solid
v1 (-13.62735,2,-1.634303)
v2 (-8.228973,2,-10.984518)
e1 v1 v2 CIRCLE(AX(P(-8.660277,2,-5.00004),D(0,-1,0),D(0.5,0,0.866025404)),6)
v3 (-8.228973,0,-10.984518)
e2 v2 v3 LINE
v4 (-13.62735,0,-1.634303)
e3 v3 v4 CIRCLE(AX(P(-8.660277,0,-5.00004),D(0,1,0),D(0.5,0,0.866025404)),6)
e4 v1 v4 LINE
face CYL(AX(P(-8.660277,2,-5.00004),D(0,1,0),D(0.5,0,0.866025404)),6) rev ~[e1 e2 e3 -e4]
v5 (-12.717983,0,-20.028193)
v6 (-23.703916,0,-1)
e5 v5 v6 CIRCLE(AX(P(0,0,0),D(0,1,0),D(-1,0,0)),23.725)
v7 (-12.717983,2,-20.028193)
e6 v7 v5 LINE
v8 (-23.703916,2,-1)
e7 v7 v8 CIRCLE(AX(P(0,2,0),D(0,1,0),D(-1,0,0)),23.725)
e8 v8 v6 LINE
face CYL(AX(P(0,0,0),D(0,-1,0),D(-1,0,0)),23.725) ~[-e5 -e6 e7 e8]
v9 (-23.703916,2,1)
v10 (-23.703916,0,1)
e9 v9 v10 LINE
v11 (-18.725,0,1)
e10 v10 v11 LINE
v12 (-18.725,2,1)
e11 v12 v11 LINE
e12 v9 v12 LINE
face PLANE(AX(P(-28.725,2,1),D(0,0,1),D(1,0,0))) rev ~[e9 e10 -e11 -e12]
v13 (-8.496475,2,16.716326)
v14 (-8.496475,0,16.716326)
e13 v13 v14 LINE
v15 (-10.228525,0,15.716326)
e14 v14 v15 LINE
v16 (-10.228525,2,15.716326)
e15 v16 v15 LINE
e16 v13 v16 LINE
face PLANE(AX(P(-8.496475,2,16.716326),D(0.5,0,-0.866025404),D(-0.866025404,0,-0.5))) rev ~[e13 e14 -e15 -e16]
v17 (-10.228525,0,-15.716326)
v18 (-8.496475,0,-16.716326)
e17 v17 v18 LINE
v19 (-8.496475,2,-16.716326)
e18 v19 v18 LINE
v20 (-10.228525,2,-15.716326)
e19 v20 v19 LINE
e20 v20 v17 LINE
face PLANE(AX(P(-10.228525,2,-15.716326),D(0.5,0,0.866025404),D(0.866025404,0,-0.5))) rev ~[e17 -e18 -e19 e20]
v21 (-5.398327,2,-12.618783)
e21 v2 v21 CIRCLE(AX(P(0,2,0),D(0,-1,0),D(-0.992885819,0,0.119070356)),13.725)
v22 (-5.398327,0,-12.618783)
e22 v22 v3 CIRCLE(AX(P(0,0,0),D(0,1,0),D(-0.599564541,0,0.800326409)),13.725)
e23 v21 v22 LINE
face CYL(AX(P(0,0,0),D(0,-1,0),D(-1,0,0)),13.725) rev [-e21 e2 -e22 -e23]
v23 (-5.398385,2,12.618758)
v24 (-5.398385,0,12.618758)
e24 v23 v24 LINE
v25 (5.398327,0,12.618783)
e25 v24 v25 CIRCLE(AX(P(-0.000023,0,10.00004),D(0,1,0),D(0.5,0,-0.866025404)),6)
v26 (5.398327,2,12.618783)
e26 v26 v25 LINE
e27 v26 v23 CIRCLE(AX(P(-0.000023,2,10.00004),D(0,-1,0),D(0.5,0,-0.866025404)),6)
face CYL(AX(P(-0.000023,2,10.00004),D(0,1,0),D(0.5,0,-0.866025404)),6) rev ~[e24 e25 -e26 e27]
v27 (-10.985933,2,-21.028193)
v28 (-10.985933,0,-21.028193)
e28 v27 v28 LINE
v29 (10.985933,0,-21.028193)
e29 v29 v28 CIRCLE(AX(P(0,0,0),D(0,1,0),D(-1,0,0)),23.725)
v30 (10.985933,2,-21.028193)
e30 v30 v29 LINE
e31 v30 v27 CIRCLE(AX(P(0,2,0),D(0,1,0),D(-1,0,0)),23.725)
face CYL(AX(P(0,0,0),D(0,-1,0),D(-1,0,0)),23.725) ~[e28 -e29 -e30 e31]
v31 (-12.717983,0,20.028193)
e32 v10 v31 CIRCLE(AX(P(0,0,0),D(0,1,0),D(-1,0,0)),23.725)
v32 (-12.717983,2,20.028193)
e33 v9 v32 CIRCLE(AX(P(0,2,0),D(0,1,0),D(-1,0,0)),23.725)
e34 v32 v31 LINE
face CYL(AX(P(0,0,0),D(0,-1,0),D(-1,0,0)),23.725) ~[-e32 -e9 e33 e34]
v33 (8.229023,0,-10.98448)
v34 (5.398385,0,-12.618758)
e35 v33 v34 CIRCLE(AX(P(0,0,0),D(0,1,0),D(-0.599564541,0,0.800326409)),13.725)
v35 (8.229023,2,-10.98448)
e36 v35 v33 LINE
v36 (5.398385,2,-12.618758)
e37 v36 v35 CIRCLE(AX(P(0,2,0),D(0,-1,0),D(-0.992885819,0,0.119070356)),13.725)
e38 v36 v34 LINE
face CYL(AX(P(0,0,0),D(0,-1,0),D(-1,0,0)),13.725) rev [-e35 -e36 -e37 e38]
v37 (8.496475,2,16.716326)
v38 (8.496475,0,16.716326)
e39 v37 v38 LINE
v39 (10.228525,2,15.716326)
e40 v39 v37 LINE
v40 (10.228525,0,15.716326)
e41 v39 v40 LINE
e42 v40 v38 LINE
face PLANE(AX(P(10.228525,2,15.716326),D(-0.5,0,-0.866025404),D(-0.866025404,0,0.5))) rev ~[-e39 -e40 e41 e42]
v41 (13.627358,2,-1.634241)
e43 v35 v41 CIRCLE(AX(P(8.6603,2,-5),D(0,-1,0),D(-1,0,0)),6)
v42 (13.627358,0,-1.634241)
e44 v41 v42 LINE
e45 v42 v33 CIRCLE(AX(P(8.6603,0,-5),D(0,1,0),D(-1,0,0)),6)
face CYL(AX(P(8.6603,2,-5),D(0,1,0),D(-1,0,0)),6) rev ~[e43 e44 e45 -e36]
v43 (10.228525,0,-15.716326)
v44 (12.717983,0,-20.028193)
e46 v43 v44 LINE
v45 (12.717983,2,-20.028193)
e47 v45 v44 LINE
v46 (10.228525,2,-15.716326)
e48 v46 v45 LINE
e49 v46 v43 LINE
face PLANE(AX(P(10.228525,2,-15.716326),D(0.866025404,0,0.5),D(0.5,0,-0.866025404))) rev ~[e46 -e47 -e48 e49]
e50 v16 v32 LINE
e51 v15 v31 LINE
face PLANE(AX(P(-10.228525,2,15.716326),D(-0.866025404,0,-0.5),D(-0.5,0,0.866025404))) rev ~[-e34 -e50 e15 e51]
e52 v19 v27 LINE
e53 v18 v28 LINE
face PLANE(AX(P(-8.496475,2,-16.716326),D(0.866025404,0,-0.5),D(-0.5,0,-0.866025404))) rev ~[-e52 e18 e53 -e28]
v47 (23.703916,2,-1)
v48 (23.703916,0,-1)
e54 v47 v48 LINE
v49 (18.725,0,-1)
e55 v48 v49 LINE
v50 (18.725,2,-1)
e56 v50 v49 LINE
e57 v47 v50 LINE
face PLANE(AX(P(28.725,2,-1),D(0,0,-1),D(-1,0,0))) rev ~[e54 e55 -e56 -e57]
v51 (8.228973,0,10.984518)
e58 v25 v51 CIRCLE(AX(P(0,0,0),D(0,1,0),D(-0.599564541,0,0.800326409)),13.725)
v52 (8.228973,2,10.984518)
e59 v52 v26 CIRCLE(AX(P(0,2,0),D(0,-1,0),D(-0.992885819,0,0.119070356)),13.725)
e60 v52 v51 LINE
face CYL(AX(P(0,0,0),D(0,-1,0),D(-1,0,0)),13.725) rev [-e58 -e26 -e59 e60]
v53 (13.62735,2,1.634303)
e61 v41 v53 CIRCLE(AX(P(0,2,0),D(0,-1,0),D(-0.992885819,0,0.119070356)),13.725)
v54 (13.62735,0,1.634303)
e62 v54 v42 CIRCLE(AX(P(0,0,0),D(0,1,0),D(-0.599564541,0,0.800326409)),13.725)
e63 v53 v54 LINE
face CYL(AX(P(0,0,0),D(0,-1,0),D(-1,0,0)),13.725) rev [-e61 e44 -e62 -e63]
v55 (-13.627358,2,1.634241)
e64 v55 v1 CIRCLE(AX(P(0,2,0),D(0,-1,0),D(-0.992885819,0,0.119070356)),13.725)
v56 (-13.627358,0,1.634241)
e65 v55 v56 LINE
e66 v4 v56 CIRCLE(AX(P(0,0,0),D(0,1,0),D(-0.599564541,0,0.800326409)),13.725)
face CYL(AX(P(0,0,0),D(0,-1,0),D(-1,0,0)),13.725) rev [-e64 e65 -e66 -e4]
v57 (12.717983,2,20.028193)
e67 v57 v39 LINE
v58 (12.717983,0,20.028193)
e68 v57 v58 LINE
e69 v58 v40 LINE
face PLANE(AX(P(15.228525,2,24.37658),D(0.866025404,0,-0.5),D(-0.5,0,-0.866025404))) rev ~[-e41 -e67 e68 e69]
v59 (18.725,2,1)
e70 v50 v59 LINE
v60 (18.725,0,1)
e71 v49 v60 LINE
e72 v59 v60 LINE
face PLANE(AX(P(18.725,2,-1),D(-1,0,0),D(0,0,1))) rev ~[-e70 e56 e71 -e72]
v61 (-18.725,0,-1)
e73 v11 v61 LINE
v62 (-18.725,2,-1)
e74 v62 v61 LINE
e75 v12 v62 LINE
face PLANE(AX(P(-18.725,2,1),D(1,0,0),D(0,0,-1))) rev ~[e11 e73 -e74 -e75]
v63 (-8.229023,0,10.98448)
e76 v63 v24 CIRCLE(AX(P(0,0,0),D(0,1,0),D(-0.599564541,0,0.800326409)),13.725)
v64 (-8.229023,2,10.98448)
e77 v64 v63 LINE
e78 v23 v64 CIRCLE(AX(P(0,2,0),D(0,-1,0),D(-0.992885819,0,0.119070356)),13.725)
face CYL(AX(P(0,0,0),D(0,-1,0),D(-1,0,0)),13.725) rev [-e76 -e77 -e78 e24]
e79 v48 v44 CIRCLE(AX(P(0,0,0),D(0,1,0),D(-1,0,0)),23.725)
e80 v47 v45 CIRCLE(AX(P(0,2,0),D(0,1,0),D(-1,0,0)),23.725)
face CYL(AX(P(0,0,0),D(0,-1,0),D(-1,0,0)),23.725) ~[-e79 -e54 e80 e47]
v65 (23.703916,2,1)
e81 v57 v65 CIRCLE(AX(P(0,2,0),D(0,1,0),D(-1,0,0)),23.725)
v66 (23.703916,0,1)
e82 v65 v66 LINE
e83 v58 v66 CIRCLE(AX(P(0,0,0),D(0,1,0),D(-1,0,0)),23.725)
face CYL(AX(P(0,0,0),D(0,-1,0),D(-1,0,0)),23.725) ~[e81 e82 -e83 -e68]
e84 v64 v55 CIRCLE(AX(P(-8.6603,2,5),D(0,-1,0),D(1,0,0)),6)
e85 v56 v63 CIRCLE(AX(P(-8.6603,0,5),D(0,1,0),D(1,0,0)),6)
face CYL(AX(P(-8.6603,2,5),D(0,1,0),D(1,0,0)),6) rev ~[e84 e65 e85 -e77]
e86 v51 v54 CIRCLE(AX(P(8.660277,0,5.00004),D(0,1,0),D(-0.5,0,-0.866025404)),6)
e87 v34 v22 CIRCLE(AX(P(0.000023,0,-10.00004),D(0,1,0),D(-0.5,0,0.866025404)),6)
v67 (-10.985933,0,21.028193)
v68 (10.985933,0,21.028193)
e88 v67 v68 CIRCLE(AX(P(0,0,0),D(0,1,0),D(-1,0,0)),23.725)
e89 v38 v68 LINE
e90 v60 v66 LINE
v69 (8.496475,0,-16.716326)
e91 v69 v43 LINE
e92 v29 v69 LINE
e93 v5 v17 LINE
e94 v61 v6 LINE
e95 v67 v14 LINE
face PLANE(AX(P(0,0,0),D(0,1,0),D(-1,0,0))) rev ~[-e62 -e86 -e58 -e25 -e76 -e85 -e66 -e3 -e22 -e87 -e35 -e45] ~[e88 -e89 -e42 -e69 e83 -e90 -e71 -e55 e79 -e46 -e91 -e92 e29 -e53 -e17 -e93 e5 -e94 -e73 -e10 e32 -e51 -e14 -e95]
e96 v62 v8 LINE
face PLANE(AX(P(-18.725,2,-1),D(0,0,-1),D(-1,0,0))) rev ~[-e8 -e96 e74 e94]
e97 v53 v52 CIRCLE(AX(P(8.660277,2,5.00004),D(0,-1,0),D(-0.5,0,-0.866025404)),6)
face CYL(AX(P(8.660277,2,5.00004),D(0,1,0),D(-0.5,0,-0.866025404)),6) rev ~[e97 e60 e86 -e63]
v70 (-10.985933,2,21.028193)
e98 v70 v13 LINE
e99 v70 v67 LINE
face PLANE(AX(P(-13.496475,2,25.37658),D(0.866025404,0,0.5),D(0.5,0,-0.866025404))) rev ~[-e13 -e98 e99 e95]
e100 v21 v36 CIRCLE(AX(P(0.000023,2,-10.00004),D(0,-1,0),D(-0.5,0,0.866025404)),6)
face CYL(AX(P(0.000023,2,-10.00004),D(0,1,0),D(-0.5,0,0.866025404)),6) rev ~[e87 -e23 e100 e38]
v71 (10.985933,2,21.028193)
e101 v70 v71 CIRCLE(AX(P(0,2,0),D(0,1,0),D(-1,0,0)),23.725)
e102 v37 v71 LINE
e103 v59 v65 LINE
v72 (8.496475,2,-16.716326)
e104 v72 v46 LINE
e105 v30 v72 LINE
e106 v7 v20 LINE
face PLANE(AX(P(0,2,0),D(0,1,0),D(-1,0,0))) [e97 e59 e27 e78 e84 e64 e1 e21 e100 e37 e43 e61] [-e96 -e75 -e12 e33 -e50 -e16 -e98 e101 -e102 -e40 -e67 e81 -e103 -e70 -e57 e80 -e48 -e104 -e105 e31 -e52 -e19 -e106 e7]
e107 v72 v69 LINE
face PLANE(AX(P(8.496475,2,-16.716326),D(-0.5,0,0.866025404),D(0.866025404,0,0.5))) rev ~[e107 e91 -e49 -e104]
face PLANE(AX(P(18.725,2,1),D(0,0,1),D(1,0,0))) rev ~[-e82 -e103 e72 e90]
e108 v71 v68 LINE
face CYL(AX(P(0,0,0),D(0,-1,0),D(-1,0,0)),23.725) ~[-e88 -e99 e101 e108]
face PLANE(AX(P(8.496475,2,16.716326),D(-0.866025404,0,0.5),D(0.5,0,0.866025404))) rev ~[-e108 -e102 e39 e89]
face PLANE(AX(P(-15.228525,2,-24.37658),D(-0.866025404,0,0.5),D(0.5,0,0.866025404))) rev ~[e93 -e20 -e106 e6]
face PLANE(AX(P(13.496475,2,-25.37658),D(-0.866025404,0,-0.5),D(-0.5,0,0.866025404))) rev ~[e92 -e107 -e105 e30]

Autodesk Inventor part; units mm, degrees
ref_plane "YZ Plane" through (0, 0, 0) normal (1, 0, 0) x (0, 1, 0)
ref_plane "XZ Plane" through (0, 0, 0) normal (0, 1, 0) x (-1, 0, 0)
ref_plane "XY Plane" through (0, 0, 0) normal (0, 0, 1) x (1, 0, 0)
sketch "Sketch1" plane through (0, 0, 0) normal (0, 1, 0) x (-1, 0, 0)
  circle A0 centre (0, 0) radius 23.725
  circle A1 centre (0, 0) radius 13.725
  dimension "d0" = 47.45
  dimension "d1" = 27.45
extrude "Extrusion1" add sketch "Sketch1" along normal blind 2
sketch "Sketch2" plane through (0, 2, 0) normal (0, 1, 0) x (1, 0, 0)
  line L0 (-28.725, -1) -> (-18.725, -1)
  line L1 (-18.725, -1) -> (-18.725, 1)
  line L2 (-18.725, 1) -> (-28.725, 1)
  line L3 (-28.725, 1) -> (-28.725, -1)
  point P0 (0, 0)
  dimension "d4" = 1
  dimension "d5" = 2
  dimension "d6" = 18.725
  dimension "d7" = 10
extrude "Extrusion2" cut sketch "Sketch2" against normal blind 2
pattern_circular "Circular Pattern1" count 6 over 360 about axis through (0, -10, 0) along (0, 1, 0) of "Extrusion2"
sketch "Sketch3" plane through (0, 2, 0) normal (0, 1, 0) x (1, 0, 0)
  circle A0 centre (-8.6603, -5) radius 6
  line L0 (-8.6603, -5) -> (0, 0) construction
  line L1 (-33.1855, 0) -> (33.1855, 0) projected
  dimension "d13" = 30
  dimension "d14" = 5
  dimension "d15" = 12
extrude "Extrusion3" cut sketch "Sketch3" against normal blind 2
pattern_circular "Circular Pattern2" count 6 over 360 about axis through (0, -10, 0) along (0, 1, 0) of "Extrusion3"
properties part number "Ring_n3"
